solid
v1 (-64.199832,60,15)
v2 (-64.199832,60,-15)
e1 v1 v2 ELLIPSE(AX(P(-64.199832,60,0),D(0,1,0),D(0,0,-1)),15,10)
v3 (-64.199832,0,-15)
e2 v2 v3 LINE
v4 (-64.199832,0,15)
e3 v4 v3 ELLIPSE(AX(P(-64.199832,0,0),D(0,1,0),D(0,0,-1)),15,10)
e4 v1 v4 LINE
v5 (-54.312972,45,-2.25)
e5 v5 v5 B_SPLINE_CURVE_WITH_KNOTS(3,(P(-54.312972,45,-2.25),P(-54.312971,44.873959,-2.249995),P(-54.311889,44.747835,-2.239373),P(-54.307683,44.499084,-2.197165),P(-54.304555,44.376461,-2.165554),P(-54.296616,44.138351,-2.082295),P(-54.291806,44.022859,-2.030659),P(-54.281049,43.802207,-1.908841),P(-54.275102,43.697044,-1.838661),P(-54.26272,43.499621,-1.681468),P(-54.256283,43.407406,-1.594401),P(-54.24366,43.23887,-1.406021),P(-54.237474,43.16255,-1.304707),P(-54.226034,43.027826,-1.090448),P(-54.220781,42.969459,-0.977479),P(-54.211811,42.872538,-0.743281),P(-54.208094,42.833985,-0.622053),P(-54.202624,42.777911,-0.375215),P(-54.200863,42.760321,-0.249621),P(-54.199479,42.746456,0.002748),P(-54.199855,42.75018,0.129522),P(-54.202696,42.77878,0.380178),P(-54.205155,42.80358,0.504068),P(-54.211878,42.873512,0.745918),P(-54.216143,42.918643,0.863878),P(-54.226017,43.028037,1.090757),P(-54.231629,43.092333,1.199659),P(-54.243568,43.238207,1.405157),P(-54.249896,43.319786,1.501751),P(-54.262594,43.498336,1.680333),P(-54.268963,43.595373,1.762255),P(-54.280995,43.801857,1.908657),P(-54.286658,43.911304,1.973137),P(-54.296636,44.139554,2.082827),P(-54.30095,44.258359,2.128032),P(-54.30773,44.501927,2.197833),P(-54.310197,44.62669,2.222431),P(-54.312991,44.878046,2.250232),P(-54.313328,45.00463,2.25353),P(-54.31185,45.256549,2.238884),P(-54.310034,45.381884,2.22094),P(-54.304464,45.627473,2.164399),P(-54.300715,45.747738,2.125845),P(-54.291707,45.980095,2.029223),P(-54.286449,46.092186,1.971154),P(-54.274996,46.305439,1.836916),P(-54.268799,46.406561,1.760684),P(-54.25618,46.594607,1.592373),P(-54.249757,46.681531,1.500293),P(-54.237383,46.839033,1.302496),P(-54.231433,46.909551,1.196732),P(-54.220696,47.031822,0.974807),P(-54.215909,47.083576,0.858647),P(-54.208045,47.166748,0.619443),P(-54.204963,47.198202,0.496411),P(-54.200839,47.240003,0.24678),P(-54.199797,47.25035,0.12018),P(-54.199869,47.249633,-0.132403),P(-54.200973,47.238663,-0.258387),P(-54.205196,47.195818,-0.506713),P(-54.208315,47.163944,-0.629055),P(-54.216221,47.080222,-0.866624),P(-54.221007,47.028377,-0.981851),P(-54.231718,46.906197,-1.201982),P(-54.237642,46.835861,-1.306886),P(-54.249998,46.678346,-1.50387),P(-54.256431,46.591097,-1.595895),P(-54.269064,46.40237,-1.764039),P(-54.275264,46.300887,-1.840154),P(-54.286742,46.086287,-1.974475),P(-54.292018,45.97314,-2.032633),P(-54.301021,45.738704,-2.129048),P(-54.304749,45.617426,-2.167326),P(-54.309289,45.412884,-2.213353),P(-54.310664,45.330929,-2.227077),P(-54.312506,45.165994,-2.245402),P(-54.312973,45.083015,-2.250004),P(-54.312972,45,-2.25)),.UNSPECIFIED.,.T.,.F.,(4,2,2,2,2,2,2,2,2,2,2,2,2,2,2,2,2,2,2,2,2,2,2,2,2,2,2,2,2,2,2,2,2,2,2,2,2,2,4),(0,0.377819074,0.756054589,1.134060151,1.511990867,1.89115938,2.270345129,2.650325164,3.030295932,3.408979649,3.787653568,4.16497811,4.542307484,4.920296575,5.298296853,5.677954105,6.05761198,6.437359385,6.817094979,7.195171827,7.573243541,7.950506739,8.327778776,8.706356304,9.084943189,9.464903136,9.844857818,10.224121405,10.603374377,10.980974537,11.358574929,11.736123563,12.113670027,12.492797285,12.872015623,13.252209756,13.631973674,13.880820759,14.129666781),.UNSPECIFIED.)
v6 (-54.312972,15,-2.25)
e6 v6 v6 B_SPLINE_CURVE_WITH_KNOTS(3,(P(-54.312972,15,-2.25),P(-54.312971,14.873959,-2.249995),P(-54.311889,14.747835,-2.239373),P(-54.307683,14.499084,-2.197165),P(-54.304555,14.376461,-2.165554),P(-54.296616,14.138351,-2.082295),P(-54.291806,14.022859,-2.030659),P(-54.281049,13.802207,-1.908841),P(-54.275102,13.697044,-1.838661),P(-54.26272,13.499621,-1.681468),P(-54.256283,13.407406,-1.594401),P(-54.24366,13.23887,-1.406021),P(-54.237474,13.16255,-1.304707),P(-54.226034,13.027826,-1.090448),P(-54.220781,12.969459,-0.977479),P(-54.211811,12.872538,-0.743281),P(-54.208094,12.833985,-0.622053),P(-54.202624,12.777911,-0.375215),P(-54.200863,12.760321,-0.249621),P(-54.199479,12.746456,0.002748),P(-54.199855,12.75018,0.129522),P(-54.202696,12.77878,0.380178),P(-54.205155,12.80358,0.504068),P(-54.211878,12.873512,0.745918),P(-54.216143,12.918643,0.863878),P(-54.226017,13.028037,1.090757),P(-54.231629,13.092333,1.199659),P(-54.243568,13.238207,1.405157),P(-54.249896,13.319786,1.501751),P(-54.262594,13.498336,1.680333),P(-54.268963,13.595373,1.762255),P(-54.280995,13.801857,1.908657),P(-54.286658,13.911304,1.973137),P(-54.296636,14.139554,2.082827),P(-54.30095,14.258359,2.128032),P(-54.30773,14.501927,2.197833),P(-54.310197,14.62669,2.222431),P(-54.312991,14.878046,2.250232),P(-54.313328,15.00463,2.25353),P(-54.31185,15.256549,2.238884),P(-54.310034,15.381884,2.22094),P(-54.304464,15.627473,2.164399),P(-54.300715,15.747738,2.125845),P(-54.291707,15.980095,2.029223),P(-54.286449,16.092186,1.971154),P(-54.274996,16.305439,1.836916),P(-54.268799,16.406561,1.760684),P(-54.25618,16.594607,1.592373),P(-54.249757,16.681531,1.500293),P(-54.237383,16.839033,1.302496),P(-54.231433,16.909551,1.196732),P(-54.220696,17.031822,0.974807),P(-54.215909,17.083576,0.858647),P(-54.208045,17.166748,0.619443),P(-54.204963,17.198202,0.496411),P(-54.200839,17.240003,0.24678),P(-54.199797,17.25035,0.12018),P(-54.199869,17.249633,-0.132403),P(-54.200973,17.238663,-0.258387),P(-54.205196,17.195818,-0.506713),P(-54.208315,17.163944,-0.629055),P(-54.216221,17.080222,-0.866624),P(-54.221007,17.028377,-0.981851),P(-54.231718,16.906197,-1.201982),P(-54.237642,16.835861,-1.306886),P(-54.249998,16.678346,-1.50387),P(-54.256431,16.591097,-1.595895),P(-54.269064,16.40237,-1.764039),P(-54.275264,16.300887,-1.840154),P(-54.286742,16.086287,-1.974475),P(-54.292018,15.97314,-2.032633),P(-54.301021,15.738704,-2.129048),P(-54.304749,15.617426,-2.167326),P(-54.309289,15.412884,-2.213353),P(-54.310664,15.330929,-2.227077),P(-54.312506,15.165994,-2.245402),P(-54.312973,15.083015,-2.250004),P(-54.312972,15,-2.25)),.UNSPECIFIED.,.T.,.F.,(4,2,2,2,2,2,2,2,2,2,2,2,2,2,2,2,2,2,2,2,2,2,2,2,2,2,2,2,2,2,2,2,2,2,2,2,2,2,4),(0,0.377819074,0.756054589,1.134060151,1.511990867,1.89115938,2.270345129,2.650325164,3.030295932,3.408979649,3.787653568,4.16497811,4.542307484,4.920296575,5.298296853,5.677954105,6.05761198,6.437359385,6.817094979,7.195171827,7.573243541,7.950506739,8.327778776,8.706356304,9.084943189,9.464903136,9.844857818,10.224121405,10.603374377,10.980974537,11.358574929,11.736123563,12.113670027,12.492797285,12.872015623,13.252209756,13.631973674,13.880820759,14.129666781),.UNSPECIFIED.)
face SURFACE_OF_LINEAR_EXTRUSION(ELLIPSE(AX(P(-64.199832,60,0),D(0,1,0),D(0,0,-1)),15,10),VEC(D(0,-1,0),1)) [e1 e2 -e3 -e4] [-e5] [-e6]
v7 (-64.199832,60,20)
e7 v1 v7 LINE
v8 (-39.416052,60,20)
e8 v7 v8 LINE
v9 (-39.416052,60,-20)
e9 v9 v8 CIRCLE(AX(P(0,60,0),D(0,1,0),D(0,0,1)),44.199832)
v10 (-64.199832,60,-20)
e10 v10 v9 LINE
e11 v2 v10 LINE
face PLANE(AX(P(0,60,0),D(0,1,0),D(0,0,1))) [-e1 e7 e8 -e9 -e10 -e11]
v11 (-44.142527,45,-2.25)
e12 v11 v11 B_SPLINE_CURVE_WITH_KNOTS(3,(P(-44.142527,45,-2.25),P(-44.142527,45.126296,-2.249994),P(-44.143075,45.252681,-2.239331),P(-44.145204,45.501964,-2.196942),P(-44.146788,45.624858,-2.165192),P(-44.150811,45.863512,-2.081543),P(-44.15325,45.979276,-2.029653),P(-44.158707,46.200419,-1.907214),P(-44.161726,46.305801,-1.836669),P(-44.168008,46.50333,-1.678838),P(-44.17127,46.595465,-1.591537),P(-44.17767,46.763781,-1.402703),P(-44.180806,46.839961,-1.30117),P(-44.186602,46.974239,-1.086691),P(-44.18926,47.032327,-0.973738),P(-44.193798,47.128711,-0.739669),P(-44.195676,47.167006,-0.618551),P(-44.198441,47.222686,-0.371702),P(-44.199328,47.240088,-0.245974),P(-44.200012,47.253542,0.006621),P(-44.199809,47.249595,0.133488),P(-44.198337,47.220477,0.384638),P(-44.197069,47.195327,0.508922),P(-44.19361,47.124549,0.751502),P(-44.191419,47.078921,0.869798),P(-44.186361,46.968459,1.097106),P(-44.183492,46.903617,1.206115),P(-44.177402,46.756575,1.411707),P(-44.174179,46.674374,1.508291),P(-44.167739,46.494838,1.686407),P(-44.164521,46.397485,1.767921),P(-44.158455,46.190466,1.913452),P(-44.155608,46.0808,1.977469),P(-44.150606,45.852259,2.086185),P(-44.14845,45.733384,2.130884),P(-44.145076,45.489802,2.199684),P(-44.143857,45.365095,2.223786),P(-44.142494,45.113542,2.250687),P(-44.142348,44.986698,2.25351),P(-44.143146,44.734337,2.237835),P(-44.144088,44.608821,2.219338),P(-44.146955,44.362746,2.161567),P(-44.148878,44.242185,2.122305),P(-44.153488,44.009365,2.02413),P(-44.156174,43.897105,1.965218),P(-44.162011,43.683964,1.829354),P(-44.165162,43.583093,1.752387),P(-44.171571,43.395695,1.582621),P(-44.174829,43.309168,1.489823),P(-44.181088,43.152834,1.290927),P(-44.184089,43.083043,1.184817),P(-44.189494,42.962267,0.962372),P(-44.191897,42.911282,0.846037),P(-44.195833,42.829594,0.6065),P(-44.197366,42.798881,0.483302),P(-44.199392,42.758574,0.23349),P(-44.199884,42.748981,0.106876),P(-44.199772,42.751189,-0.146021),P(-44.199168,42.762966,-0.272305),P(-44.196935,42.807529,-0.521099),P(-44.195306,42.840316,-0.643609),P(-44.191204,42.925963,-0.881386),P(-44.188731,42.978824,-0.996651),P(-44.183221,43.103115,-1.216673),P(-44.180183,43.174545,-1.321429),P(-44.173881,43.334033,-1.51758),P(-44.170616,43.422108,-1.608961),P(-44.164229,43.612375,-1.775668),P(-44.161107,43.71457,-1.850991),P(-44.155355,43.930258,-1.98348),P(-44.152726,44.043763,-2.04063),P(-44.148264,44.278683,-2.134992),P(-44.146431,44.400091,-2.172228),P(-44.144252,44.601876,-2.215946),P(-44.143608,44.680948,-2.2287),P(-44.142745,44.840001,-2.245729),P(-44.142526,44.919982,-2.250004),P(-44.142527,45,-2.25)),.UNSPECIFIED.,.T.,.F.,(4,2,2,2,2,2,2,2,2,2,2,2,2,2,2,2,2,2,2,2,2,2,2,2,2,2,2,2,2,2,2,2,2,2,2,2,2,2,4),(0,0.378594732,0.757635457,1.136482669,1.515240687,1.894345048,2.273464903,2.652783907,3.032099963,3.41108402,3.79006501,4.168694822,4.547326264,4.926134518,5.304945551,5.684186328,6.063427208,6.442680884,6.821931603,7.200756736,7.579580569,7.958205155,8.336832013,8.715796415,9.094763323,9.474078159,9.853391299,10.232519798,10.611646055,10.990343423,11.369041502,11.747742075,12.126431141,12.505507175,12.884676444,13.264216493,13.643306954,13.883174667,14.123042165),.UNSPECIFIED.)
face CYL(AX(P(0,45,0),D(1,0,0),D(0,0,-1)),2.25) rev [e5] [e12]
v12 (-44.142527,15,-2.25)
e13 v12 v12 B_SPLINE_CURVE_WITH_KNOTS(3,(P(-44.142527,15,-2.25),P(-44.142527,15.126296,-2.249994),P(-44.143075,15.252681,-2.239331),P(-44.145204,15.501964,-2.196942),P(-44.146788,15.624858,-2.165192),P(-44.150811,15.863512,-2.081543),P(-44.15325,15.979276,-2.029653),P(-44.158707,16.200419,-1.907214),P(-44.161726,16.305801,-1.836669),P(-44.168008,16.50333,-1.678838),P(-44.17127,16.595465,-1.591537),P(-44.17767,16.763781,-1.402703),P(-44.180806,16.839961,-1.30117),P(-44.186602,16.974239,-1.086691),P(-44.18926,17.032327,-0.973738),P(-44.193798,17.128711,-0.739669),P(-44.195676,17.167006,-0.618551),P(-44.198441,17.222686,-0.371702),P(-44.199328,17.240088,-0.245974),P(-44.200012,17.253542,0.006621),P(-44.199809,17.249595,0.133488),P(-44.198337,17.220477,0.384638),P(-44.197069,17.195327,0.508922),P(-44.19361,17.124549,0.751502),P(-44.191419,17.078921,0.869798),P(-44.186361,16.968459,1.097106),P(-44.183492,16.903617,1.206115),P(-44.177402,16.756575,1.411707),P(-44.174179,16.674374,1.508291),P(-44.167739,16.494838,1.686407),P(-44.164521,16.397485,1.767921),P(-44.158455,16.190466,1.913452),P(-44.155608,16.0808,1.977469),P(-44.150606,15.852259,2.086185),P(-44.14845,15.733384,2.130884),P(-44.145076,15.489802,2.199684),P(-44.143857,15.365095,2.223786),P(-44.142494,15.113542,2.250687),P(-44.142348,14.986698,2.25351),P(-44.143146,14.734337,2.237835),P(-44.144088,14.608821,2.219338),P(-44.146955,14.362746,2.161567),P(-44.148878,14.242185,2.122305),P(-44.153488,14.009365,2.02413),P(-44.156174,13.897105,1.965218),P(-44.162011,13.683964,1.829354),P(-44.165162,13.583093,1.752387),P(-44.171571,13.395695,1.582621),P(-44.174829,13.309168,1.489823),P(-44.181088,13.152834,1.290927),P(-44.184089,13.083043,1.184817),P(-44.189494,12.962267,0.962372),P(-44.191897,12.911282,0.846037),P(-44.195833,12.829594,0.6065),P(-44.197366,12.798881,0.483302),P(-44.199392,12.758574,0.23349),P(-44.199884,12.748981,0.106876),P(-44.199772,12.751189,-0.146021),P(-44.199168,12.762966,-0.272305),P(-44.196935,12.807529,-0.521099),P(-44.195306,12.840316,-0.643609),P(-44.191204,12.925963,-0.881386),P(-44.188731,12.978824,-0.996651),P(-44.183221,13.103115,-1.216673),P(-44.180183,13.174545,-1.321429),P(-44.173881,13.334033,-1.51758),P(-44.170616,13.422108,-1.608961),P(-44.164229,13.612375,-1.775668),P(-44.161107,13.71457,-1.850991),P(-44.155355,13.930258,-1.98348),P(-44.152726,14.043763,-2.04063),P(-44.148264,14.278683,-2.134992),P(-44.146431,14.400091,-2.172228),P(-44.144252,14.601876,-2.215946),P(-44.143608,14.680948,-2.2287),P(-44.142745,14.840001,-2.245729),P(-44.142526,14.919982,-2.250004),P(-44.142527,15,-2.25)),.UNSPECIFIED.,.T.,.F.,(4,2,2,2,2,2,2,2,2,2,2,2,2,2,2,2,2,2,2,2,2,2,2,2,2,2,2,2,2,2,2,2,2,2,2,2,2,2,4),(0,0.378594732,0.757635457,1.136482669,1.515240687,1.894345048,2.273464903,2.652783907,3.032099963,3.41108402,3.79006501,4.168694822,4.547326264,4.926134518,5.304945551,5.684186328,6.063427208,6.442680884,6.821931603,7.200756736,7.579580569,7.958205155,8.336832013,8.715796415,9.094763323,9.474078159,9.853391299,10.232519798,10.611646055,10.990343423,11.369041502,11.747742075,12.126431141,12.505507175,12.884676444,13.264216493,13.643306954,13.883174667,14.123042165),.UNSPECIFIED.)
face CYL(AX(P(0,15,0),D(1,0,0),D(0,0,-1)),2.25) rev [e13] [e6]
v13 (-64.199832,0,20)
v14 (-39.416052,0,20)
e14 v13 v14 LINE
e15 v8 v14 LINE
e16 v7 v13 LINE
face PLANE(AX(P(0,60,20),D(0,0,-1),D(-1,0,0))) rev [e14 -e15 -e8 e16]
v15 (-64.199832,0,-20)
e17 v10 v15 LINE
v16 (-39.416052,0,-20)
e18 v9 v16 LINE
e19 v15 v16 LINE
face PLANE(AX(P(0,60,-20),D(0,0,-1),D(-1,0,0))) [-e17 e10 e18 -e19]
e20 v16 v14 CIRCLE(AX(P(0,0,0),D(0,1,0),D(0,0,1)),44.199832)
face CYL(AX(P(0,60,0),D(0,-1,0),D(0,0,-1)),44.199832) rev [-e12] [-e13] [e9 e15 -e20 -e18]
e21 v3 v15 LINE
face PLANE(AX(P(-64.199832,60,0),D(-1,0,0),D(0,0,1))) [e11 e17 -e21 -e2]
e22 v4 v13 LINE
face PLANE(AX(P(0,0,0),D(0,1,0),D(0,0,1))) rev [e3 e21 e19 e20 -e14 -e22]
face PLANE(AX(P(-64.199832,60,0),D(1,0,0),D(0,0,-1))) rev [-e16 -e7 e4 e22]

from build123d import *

# Parameters (mm, degrees)
BOSS_EXTRUDE1_DEPTH      = 60
M4_CLEARANCE_HOLE1_D     = 4.5
M4_CLEARANCE_HOLE1_DEPTH = 70
M4_CLEARANCE_HOLE1_TIP   = 1.351936393


with BuildPart() as part:
    # Sketch1 → Boss-Extrude1 (new body)
    with BuildSketch(Plane(origin=(0, 0, 0), x_dir=(1, 0, 0), z_dir=(0, 1, 0))):
        with BuildLine():
            Line((-64.199832154, 20), (-64.199832154, 15))
            add(Edge.make_bspline(
                [(-64.199832154, -15), (-54.199832154, -15), (-54.199832154, 0), (-54.199832154, 15), (-64.199832154, 15)],
                knots=[3.141592654, 3.141592654, 3.141592654, 4.71238898, 4.71238898, 6.283185307, 6.283185307, 6.283185307], degree=2, weights=[1, 0.707106781, 1, 0.707106781, 1]))
            Line((-64.199832154, -15), (-64.199832154, -20))
            Line((-64.199832154, -20), (-39.416052091, -20))
            ThreePointArc((-39.416052091, -20), (-44.199832154, 0), (-39.416052091, 20))
            Line((-39.416052091, 20), (-64.199832154, 20))
        make_face()
    extrude(amount=BOSS_EXTRUDE1_DEPTH)

    # M4 Clearance Hole1
    with Locations(Plane(origin=(0, 0, 0), x_dir=(0, 0, -1), z_dir=(1, 0, 0))):
        with Locations((0, 45), (0, 15)):
            Hole(M4_CLEARANCE_HOLE1_D / 2, depth=M4_CLEARANCE_HOLE1_DEPTH)
            with Locations((0, 0, -(M4_CLEARANCE_HOLE1_DEPTH + M4_CLEARANCE_HOLE1_TIP / 2))):  # 118° drill point
                Cone(0, M4_CLEARANCE_HOLE1_D / 2, M4_CLEARANCE_HOLE1_TIP, mode=Mode.SUBTRACT)


solid = part.part
